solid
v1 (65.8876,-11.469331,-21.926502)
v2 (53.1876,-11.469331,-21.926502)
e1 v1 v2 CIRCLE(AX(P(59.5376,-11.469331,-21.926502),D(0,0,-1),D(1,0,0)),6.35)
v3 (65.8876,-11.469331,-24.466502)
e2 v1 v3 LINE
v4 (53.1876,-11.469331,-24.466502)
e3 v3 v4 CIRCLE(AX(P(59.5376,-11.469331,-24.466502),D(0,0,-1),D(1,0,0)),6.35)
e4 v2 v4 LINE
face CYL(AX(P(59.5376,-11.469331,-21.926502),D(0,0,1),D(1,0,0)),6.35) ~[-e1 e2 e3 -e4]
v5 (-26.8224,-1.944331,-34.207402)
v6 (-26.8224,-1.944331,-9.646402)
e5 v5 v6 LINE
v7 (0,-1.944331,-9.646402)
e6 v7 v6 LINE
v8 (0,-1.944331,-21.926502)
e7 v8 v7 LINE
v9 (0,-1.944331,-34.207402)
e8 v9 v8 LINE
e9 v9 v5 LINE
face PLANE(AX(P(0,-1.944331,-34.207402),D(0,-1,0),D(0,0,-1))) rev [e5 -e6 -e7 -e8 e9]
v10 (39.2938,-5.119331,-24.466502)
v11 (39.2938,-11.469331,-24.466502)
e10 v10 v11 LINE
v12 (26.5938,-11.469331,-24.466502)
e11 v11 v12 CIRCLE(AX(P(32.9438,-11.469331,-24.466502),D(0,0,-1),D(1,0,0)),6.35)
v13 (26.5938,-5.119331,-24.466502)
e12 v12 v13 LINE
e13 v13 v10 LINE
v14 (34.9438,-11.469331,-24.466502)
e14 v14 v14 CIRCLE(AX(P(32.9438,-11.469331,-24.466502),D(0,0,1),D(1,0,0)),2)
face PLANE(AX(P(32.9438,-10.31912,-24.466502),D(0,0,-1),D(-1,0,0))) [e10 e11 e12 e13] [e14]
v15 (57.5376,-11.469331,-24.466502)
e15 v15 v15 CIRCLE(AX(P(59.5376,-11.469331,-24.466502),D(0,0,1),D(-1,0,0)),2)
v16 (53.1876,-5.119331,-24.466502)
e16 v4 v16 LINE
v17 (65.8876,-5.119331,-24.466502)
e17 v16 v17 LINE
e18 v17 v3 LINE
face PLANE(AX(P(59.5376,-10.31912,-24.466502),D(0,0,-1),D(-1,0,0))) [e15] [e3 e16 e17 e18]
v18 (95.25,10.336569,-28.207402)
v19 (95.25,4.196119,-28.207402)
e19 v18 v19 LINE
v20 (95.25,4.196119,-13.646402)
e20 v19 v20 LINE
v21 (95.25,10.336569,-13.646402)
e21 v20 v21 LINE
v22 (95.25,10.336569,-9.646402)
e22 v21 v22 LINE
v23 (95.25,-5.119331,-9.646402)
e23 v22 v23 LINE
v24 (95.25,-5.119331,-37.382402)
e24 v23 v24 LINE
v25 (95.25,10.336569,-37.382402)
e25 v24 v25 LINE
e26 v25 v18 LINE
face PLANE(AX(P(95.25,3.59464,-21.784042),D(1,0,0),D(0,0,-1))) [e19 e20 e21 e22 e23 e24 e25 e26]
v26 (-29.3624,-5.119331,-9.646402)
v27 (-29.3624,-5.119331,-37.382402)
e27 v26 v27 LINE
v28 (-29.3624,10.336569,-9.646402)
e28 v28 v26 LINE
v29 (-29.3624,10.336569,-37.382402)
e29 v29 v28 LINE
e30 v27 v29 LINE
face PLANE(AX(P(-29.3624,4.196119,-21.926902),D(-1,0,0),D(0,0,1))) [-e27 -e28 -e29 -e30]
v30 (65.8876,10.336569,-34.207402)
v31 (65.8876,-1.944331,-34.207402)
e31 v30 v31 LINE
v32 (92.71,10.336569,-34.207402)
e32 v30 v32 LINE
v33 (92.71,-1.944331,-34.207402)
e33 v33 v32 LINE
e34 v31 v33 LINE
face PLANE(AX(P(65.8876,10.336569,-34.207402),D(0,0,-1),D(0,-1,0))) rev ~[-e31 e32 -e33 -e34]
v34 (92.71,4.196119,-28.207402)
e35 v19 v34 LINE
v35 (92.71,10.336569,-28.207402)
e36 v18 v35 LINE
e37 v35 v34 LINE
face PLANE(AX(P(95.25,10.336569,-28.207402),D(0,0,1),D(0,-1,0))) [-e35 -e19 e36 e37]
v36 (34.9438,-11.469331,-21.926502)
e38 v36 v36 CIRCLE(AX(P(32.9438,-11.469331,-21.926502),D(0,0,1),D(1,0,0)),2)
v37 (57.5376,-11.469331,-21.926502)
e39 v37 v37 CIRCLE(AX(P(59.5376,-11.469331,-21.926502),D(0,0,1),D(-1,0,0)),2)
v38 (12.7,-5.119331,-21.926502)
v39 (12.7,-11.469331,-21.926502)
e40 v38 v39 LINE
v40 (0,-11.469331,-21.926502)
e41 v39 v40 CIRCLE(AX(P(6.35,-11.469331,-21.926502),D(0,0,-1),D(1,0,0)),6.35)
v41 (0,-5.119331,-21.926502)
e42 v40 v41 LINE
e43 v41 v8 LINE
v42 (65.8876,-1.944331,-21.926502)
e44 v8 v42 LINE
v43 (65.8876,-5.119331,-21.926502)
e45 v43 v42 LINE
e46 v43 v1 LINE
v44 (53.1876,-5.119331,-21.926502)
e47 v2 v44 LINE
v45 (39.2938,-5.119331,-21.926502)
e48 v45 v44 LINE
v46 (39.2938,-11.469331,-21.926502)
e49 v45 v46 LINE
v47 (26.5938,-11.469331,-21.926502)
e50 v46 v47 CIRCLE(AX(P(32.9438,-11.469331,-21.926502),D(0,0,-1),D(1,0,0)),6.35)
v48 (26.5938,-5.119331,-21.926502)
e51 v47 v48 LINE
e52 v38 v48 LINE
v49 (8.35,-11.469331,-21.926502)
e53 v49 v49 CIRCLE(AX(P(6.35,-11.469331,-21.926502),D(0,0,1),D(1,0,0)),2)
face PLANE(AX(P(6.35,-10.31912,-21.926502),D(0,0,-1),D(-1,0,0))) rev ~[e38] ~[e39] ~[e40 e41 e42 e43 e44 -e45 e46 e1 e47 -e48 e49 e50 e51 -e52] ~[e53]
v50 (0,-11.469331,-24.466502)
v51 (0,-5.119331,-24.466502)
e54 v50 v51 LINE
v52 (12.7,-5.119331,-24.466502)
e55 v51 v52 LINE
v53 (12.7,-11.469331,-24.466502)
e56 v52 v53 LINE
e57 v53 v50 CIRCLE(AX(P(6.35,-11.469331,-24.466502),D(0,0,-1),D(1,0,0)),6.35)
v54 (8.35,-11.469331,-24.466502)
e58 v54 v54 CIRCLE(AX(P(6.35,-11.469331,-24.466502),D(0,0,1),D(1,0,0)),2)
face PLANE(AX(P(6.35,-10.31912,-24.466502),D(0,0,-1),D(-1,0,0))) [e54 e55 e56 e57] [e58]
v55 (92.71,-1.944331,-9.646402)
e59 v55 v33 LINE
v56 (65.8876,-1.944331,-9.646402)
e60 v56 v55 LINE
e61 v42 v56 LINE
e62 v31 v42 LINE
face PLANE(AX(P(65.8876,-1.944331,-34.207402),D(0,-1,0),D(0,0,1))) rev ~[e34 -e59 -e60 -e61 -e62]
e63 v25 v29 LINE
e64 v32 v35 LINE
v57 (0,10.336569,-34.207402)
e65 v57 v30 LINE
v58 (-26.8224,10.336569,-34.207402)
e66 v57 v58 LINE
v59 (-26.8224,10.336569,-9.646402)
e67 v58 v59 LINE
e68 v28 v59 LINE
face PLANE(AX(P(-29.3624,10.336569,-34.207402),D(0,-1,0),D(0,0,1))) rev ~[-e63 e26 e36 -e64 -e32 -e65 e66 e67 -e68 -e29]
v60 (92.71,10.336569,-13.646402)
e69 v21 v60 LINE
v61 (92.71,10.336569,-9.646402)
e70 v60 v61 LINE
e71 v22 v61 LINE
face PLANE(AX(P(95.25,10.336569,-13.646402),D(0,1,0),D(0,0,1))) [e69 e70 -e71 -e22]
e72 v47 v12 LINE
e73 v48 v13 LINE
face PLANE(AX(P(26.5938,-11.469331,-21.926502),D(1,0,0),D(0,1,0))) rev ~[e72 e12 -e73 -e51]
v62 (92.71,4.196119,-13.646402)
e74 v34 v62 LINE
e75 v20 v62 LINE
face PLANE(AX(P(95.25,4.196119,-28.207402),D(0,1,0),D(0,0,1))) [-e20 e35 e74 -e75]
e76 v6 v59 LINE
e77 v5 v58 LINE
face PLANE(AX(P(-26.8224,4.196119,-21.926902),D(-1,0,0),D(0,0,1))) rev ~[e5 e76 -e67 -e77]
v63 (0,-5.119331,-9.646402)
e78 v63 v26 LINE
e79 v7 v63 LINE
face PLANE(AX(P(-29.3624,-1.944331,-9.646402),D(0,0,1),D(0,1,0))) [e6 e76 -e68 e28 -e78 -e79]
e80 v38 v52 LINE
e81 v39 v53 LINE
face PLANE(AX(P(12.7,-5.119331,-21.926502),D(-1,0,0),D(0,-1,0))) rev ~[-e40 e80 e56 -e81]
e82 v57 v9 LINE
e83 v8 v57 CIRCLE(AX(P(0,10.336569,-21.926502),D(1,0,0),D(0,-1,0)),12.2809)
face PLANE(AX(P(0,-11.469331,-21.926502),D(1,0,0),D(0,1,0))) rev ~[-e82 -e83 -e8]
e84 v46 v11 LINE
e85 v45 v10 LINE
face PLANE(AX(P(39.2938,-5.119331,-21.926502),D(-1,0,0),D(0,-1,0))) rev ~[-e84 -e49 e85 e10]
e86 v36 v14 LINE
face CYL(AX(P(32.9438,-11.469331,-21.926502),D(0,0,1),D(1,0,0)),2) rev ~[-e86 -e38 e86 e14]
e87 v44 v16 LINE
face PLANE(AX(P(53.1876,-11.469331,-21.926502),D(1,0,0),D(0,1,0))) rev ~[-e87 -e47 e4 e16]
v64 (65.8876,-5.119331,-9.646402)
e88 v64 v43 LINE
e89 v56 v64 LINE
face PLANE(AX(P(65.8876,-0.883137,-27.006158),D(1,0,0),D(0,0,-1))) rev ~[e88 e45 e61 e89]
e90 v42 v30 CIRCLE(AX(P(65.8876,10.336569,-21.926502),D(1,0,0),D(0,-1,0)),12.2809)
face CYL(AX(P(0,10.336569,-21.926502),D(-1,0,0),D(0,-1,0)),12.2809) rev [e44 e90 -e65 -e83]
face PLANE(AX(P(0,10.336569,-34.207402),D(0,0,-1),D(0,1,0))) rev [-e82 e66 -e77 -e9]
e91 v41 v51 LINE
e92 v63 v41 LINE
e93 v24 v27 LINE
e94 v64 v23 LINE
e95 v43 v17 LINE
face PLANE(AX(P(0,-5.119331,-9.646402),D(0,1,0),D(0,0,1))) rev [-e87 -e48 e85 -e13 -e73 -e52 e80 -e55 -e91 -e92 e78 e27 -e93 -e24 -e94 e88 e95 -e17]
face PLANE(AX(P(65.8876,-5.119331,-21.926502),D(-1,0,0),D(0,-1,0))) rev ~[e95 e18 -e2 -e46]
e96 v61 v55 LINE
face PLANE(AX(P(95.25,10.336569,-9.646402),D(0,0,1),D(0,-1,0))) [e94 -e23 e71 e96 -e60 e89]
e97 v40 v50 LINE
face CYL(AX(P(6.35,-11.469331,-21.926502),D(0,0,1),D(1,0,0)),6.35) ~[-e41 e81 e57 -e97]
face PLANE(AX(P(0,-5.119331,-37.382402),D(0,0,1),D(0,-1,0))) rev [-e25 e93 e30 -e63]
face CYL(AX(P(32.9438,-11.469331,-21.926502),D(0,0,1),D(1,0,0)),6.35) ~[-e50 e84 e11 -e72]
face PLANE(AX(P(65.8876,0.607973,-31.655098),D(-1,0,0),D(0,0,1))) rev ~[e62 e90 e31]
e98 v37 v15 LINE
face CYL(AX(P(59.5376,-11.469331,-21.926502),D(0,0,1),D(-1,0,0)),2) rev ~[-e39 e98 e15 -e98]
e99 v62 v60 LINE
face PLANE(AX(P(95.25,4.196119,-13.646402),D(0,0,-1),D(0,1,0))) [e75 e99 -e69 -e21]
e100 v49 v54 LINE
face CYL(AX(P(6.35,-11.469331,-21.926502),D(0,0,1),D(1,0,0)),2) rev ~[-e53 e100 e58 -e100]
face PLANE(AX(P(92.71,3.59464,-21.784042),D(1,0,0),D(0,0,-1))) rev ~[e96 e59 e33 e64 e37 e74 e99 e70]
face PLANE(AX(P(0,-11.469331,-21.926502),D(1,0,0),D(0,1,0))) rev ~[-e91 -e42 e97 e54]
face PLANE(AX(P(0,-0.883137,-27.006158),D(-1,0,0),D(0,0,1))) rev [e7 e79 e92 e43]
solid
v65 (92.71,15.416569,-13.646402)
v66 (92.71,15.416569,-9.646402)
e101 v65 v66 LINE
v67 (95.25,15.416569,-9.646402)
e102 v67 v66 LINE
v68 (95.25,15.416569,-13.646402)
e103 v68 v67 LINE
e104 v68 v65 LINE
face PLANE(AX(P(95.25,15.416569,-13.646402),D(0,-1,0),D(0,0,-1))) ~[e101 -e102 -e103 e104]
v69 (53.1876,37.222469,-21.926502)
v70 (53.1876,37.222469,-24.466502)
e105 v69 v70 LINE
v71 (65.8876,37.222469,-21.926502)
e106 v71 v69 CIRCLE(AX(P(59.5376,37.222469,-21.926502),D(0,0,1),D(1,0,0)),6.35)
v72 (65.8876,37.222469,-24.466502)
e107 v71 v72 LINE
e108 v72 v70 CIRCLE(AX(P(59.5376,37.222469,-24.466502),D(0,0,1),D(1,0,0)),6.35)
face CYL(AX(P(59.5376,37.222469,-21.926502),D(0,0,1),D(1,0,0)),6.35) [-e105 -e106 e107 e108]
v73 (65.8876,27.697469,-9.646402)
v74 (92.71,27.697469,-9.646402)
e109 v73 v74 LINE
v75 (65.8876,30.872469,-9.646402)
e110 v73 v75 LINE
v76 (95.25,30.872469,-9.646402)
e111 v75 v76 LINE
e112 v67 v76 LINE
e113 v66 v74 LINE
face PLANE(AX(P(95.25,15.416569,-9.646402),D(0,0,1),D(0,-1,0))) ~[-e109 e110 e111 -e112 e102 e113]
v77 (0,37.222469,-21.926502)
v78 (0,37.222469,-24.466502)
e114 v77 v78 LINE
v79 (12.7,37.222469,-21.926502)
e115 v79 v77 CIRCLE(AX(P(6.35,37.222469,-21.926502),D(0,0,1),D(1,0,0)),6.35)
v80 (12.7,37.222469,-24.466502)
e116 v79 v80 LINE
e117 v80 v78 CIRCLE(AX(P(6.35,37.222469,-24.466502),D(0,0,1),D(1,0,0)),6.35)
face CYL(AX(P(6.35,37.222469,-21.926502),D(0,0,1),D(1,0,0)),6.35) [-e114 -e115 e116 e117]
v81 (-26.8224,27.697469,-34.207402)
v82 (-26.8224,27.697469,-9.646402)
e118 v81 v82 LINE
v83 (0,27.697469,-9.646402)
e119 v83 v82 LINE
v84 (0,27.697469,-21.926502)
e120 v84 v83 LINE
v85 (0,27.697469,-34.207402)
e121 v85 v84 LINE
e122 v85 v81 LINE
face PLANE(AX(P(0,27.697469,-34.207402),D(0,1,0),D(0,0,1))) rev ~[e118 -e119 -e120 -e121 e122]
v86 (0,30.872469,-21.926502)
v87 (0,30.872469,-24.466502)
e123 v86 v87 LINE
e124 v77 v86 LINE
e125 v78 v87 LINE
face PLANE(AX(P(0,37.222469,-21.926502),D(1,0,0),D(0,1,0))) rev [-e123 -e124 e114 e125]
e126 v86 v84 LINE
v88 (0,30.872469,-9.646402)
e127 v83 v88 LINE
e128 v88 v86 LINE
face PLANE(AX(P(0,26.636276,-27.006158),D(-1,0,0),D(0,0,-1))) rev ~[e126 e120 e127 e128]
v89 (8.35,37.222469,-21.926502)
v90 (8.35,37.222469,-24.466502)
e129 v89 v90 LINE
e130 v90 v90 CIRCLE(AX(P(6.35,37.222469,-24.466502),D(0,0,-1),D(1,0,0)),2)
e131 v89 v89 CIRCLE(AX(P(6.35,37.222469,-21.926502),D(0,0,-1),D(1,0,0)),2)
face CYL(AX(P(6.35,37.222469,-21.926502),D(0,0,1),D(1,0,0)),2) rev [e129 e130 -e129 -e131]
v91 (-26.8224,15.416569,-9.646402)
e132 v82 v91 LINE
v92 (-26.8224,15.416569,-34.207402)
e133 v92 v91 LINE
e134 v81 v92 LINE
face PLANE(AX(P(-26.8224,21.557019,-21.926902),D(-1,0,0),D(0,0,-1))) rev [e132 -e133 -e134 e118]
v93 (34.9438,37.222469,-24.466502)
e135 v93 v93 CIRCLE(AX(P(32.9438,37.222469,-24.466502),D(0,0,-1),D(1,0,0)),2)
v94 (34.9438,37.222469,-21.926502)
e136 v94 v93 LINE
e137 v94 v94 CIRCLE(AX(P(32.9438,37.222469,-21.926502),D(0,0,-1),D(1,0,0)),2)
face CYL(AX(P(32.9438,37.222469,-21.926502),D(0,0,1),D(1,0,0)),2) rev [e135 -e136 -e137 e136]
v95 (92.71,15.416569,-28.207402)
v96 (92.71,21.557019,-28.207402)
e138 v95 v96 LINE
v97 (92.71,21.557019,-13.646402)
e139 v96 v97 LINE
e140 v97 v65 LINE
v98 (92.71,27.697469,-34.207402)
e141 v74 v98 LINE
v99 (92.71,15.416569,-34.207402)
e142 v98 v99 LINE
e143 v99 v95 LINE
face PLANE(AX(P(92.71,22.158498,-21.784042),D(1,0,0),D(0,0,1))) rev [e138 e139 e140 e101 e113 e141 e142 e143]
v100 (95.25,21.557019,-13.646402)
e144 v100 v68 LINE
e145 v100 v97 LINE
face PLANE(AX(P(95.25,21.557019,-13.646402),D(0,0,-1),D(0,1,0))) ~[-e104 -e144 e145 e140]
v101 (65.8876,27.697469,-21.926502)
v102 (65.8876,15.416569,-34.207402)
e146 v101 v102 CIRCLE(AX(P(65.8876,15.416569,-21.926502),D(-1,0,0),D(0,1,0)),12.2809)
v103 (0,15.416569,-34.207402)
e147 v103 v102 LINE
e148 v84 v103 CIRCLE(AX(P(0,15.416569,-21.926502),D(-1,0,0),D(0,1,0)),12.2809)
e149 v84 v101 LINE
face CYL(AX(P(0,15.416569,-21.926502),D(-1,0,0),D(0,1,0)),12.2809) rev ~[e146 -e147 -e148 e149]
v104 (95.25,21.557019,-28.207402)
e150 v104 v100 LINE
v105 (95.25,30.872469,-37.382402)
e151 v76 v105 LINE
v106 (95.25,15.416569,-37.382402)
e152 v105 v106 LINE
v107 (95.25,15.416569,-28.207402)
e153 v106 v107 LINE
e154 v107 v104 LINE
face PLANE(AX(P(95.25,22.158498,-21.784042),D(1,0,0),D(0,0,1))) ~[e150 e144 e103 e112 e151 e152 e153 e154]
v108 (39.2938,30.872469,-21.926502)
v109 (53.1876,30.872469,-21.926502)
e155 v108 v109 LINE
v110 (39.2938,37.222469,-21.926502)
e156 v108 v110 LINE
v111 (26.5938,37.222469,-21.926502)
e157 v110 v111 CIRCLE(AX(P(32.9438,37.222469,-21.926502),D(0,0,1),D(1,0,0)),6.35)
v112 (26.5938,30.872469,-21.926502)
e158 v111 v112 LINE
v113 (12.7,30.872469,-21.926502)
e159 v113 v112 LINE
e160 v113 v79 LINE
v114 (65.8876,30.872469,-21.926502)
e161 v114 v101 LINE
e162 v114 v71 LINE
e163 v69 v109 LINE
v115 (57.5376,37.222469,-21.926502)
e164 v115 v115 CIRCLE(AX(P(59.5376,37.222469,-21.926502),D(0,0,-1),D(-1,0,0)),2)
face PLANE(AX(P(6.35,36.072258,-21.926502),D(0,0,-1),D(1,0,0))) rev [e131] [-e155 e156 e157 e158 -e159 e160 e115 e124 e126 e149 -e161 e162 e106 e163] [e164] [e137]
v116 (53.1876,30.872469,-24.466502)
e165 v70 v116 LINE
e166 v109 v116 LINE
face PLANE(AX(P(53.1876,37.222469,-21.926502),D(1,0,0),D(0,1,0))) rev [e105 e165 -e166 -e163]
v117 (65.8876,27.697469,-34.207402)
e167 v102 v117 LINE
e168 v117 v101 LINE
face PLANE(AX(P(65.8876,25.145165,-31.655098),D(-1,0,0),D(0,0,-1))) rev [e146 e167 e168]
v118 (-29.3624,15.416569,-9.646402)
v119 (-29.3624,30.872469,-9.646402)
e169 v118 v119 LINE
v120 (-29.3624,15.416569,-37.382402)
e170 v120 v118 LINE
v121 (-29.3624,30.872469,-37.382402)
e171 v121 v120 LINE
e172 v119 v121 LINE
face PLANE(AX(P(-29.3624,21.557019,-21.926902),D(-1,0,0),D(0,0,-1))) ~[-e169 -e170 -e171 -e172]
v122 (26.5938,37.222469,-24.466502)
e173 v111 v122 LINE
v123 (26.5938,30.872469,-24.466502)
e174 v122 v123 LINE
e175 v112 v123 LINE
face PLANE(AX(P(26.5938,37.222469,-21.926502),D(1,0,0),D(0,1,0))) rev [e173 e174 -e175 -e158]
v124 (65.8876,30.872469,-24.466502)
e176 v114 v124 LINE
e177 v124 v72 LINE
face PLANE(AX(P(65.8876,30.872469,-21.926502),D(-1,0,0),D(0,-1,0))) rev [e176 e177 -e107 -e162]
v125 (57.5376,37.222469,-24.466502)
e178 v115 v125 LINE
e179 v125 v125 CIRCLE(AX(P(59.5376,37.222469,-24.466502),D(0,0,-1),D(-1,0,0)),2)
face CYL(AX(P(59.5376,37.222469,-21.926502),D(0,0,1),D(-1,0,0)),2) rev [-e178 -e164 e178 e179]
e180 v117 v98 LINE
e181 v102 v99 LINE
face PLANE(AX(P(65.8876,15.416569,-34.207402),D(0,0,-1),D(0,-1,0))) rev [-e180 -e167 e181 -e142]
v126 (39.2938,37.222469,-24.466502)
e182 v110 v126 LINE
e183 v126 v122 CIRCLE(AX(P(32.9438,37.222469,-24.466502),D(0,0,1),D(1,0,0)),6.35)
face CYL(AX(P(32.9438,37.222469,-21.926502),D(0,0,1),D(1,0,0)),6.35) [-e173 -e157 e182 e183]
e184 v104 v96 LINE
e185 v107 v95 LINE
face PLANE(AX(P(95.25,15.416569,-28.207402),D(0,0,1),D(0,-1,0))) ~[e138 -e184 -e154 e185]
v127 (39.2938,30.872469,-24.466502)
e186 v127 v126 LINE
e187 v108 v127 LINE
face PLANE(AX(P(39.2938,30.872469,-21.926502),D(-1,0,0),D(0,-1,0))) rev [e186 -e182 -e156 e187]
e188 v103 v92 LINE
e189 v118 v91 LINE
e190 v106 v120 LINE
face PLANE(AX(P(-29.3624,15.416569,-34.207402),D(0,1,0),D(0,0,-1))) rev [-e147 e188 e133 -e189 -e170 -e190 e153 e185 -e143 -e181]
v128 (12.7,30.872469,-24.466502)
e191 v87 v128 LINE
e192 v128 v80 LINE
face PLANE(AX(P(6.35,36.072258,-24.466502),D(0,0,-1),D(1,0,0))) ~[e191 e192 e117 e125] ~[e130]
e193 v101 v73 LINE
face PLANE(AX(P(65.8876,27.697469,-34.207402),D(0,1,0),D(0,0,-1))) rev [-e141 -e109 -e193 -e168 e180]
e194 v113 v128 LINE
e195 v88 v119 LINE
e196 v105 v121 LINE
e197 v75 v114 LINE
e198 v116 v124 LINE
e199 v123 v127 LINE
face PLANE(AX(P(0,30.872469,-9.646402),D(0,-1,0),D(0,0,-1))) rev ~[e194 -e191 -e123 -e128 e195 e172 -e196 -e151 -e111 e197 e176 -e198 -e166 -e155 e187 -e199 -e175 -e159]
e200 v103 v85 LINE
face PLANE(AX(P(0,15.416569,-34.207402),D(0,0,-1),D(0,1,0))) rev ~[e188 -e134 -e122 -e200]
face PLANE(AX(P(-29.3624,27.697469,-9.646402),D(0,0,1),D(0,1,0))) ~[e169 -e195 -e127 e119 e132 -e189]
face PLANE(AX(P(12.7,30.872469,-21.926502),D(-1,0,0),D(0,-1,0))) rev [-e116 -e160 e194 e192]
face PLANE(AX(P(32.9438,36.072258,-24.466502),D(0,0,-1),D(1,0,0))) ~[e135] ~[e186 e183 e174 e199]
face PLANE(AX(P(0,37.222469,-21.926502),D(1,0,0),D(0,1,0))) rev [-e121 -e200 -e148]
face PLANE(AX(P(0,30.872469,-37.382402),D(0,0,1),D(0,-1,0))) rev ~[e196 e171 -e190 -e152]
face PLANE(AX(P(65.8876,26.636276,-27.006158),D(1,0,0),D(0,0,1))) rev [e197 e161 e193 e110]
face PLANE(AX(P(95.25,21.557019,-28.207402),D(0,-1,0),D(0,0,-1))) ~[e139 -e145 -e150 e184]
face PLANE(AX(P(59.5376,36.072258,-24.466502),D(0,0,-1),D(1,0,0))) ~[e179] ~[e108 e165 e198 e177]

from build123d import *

# Parameters (mm, degrees)
BOSS_EXTRUDE1_DEPTH = 65.8876
BOSS_EXTRUDE2_DEPTH = 29.3624
BOSS_EXTRUDE3_DEPTH = 2.54
SKETCH4_R           = 2
BOSS_EXTRUDE4_DEPTH = 2.54
SKETCH6_W           = 24.561
SKETCH6_H           = 12.2809
BOSS_EXTRUDE5_DEPTH = 2.54


with BuildPart() as part:
    # Sketch1 → Boss-Extrude1 (new body)
    with BuildSketch(Plane(origin=(0, 0, 0), x_dir=(0, 0, -1), z_dir=(1, 0, 0))):
        with BuildLine():
            Line((34.207401555, 10.336569156), (37.382401555, 10.336569156))
            Line((37.382401555, 10.336569156), (37.382401555, -5.119330844))
            Line((37.382401555, -5.119330844), (21.926501555, -5.119330844))
            Line((21.926501555, -5.119330844), (21.926501555, -1.944330844))
            ThreePointArc((21.926501555, -1.944330844), (30.610409224, 1.652661487), (34.207401555, 10.336569156))
        make_face()
    extrude(amount=BOSS_EXTRUDE1_DEPTH)

    # Sketch2 → Boss-Extrude2 (add)
    with BuildSketch(Plane(origin=(65.8876, 0, 0), x_dir=(0, 0, -1), z_dir=(1, 0, 0))):
        Polygon((37.382401555, -1.944330844), (37.382401555, 10.336569156), (34.207401555, 10.336569156), (34.207401555, -1.944330844), (9.646401555, -1.944330844), (9.646401555, -5.119330844), (37.382401555, -5.119330844), align=None)
    boss_extrude2 = extrude(amount=BOSS_EXTRUDE2_DEPTH)

    # Sketch3 → Boss-Extrude3 (add)
    with BuildSketch(Plane(origin=(95.25, 0, 0), x_dir=(0, 0, -1), z_dir=(1, 0, 0))):
        Polygon((28.207401555, 4.196119156), (13.646401555, 4.196119156), (13.646401555, 10.336569156), (9.646401555, 10.336569156), (9.646401555, 4.196119156), (9.646401555, -1.944330844), (28.207401555, -1.944330844), (34.207401555, -1.944330844), (34.207401555, 10.336569156), (28.207401555, 10.336569156), align=None)
    extrude(amount=-BOSS_EXTRUDE3_DEPTH)

    # Sketch4 → Boss-Extrude4 (add)
    # profile 1 of 3: a face of its own
    with BuildSketch(Plane.XY.offset(-21.926501555)):
        with BuildLine():
            Line((0, -11.469330844), (0, -5.119330844))
            Line((0, -5.119330844), (12.7, -5.119330844))
            Line((12.7, -5.119330844), (12.7, -11.469330844))
            ThreePointArc((12.7, -11.469330844), (6.35, -17.819330844), (0, -11.469330844))
        make_face()
        with Locations((6.35, -11.469330844)):
            Circle(SKETCH4_R, mode=Mode.SUBTRACT)
    # profile 2 of 3: a face of its own
    with BuildSketch(Plane.XY.offset(-21.926501555)):
        with BuildLine():
            Line((26.5938, -11.469330844), (26.5938, -5.119330844))
            Line((26.5938, -5.119330844), (39.2938, -5.119330844))
            Line((39.2938, -5.119330844), (39.2938, -11.469330844))
            ThreePointArc((39.2938, -11.469330844), (32.9438, -17.819330844), (26.5938, -11.469330844))
        make_face()
        with Locations((32.9438, -11.469330844)):
            Circle(SKETCH4_R, mode=Mode.SUBTRACT)
    # profile 3 of 3: a face of its own
    with BuildSketch(Plane.XY.offset(-21.926501555)):
        with BuildLine():
            Line((53.1876, -5.119330844), (65.8876, -5.119330844))
            Line((65.8876, -5.119330844), (65.8876, -11.469330844))
            ThreePointArc((65.8876, -11.469330844), (59.5376, -17.819330844), (53.1876, -11.469330844))
            Line((53.1876, -11.469330844), (53.1876, -5.119330844))
        make_face()
        with Locations(Location((59.5376, -11.469330844, 0), (0, 0, 180))):
            Circle(SKETCH4_R, mode=Mode.SUBTRACT)
    extrude(amount=-BOSS_EXTRUDE4_DEPTH)

    # Mirror1: Boss-Extrude2 across plane
    add(boss_extrude2.mirror(Plane(origin=(32.9438, 0, 0), x_dir=(0, 0, 1), z_dir=(1, 0, 0))))

    # Sketch6 → Boss-Extrude5 (add)
    with BuildSketch(Plane.ZY.offset(29.3624)):
        with Locations((-21.926901555, 4.196119156)):
            Rectangle(SKETCH6_W, SKETCH6_H)
    extrude(amount=-BOSS_EXTRUDE5_DEPTH)


with BuildPart() as body_2:
    # Mirror3: mirrored copy
    add(part.part.mirror(Plane.ZX.offset(12.876569156)))


solid = Compound([part.part, body_2.part])
